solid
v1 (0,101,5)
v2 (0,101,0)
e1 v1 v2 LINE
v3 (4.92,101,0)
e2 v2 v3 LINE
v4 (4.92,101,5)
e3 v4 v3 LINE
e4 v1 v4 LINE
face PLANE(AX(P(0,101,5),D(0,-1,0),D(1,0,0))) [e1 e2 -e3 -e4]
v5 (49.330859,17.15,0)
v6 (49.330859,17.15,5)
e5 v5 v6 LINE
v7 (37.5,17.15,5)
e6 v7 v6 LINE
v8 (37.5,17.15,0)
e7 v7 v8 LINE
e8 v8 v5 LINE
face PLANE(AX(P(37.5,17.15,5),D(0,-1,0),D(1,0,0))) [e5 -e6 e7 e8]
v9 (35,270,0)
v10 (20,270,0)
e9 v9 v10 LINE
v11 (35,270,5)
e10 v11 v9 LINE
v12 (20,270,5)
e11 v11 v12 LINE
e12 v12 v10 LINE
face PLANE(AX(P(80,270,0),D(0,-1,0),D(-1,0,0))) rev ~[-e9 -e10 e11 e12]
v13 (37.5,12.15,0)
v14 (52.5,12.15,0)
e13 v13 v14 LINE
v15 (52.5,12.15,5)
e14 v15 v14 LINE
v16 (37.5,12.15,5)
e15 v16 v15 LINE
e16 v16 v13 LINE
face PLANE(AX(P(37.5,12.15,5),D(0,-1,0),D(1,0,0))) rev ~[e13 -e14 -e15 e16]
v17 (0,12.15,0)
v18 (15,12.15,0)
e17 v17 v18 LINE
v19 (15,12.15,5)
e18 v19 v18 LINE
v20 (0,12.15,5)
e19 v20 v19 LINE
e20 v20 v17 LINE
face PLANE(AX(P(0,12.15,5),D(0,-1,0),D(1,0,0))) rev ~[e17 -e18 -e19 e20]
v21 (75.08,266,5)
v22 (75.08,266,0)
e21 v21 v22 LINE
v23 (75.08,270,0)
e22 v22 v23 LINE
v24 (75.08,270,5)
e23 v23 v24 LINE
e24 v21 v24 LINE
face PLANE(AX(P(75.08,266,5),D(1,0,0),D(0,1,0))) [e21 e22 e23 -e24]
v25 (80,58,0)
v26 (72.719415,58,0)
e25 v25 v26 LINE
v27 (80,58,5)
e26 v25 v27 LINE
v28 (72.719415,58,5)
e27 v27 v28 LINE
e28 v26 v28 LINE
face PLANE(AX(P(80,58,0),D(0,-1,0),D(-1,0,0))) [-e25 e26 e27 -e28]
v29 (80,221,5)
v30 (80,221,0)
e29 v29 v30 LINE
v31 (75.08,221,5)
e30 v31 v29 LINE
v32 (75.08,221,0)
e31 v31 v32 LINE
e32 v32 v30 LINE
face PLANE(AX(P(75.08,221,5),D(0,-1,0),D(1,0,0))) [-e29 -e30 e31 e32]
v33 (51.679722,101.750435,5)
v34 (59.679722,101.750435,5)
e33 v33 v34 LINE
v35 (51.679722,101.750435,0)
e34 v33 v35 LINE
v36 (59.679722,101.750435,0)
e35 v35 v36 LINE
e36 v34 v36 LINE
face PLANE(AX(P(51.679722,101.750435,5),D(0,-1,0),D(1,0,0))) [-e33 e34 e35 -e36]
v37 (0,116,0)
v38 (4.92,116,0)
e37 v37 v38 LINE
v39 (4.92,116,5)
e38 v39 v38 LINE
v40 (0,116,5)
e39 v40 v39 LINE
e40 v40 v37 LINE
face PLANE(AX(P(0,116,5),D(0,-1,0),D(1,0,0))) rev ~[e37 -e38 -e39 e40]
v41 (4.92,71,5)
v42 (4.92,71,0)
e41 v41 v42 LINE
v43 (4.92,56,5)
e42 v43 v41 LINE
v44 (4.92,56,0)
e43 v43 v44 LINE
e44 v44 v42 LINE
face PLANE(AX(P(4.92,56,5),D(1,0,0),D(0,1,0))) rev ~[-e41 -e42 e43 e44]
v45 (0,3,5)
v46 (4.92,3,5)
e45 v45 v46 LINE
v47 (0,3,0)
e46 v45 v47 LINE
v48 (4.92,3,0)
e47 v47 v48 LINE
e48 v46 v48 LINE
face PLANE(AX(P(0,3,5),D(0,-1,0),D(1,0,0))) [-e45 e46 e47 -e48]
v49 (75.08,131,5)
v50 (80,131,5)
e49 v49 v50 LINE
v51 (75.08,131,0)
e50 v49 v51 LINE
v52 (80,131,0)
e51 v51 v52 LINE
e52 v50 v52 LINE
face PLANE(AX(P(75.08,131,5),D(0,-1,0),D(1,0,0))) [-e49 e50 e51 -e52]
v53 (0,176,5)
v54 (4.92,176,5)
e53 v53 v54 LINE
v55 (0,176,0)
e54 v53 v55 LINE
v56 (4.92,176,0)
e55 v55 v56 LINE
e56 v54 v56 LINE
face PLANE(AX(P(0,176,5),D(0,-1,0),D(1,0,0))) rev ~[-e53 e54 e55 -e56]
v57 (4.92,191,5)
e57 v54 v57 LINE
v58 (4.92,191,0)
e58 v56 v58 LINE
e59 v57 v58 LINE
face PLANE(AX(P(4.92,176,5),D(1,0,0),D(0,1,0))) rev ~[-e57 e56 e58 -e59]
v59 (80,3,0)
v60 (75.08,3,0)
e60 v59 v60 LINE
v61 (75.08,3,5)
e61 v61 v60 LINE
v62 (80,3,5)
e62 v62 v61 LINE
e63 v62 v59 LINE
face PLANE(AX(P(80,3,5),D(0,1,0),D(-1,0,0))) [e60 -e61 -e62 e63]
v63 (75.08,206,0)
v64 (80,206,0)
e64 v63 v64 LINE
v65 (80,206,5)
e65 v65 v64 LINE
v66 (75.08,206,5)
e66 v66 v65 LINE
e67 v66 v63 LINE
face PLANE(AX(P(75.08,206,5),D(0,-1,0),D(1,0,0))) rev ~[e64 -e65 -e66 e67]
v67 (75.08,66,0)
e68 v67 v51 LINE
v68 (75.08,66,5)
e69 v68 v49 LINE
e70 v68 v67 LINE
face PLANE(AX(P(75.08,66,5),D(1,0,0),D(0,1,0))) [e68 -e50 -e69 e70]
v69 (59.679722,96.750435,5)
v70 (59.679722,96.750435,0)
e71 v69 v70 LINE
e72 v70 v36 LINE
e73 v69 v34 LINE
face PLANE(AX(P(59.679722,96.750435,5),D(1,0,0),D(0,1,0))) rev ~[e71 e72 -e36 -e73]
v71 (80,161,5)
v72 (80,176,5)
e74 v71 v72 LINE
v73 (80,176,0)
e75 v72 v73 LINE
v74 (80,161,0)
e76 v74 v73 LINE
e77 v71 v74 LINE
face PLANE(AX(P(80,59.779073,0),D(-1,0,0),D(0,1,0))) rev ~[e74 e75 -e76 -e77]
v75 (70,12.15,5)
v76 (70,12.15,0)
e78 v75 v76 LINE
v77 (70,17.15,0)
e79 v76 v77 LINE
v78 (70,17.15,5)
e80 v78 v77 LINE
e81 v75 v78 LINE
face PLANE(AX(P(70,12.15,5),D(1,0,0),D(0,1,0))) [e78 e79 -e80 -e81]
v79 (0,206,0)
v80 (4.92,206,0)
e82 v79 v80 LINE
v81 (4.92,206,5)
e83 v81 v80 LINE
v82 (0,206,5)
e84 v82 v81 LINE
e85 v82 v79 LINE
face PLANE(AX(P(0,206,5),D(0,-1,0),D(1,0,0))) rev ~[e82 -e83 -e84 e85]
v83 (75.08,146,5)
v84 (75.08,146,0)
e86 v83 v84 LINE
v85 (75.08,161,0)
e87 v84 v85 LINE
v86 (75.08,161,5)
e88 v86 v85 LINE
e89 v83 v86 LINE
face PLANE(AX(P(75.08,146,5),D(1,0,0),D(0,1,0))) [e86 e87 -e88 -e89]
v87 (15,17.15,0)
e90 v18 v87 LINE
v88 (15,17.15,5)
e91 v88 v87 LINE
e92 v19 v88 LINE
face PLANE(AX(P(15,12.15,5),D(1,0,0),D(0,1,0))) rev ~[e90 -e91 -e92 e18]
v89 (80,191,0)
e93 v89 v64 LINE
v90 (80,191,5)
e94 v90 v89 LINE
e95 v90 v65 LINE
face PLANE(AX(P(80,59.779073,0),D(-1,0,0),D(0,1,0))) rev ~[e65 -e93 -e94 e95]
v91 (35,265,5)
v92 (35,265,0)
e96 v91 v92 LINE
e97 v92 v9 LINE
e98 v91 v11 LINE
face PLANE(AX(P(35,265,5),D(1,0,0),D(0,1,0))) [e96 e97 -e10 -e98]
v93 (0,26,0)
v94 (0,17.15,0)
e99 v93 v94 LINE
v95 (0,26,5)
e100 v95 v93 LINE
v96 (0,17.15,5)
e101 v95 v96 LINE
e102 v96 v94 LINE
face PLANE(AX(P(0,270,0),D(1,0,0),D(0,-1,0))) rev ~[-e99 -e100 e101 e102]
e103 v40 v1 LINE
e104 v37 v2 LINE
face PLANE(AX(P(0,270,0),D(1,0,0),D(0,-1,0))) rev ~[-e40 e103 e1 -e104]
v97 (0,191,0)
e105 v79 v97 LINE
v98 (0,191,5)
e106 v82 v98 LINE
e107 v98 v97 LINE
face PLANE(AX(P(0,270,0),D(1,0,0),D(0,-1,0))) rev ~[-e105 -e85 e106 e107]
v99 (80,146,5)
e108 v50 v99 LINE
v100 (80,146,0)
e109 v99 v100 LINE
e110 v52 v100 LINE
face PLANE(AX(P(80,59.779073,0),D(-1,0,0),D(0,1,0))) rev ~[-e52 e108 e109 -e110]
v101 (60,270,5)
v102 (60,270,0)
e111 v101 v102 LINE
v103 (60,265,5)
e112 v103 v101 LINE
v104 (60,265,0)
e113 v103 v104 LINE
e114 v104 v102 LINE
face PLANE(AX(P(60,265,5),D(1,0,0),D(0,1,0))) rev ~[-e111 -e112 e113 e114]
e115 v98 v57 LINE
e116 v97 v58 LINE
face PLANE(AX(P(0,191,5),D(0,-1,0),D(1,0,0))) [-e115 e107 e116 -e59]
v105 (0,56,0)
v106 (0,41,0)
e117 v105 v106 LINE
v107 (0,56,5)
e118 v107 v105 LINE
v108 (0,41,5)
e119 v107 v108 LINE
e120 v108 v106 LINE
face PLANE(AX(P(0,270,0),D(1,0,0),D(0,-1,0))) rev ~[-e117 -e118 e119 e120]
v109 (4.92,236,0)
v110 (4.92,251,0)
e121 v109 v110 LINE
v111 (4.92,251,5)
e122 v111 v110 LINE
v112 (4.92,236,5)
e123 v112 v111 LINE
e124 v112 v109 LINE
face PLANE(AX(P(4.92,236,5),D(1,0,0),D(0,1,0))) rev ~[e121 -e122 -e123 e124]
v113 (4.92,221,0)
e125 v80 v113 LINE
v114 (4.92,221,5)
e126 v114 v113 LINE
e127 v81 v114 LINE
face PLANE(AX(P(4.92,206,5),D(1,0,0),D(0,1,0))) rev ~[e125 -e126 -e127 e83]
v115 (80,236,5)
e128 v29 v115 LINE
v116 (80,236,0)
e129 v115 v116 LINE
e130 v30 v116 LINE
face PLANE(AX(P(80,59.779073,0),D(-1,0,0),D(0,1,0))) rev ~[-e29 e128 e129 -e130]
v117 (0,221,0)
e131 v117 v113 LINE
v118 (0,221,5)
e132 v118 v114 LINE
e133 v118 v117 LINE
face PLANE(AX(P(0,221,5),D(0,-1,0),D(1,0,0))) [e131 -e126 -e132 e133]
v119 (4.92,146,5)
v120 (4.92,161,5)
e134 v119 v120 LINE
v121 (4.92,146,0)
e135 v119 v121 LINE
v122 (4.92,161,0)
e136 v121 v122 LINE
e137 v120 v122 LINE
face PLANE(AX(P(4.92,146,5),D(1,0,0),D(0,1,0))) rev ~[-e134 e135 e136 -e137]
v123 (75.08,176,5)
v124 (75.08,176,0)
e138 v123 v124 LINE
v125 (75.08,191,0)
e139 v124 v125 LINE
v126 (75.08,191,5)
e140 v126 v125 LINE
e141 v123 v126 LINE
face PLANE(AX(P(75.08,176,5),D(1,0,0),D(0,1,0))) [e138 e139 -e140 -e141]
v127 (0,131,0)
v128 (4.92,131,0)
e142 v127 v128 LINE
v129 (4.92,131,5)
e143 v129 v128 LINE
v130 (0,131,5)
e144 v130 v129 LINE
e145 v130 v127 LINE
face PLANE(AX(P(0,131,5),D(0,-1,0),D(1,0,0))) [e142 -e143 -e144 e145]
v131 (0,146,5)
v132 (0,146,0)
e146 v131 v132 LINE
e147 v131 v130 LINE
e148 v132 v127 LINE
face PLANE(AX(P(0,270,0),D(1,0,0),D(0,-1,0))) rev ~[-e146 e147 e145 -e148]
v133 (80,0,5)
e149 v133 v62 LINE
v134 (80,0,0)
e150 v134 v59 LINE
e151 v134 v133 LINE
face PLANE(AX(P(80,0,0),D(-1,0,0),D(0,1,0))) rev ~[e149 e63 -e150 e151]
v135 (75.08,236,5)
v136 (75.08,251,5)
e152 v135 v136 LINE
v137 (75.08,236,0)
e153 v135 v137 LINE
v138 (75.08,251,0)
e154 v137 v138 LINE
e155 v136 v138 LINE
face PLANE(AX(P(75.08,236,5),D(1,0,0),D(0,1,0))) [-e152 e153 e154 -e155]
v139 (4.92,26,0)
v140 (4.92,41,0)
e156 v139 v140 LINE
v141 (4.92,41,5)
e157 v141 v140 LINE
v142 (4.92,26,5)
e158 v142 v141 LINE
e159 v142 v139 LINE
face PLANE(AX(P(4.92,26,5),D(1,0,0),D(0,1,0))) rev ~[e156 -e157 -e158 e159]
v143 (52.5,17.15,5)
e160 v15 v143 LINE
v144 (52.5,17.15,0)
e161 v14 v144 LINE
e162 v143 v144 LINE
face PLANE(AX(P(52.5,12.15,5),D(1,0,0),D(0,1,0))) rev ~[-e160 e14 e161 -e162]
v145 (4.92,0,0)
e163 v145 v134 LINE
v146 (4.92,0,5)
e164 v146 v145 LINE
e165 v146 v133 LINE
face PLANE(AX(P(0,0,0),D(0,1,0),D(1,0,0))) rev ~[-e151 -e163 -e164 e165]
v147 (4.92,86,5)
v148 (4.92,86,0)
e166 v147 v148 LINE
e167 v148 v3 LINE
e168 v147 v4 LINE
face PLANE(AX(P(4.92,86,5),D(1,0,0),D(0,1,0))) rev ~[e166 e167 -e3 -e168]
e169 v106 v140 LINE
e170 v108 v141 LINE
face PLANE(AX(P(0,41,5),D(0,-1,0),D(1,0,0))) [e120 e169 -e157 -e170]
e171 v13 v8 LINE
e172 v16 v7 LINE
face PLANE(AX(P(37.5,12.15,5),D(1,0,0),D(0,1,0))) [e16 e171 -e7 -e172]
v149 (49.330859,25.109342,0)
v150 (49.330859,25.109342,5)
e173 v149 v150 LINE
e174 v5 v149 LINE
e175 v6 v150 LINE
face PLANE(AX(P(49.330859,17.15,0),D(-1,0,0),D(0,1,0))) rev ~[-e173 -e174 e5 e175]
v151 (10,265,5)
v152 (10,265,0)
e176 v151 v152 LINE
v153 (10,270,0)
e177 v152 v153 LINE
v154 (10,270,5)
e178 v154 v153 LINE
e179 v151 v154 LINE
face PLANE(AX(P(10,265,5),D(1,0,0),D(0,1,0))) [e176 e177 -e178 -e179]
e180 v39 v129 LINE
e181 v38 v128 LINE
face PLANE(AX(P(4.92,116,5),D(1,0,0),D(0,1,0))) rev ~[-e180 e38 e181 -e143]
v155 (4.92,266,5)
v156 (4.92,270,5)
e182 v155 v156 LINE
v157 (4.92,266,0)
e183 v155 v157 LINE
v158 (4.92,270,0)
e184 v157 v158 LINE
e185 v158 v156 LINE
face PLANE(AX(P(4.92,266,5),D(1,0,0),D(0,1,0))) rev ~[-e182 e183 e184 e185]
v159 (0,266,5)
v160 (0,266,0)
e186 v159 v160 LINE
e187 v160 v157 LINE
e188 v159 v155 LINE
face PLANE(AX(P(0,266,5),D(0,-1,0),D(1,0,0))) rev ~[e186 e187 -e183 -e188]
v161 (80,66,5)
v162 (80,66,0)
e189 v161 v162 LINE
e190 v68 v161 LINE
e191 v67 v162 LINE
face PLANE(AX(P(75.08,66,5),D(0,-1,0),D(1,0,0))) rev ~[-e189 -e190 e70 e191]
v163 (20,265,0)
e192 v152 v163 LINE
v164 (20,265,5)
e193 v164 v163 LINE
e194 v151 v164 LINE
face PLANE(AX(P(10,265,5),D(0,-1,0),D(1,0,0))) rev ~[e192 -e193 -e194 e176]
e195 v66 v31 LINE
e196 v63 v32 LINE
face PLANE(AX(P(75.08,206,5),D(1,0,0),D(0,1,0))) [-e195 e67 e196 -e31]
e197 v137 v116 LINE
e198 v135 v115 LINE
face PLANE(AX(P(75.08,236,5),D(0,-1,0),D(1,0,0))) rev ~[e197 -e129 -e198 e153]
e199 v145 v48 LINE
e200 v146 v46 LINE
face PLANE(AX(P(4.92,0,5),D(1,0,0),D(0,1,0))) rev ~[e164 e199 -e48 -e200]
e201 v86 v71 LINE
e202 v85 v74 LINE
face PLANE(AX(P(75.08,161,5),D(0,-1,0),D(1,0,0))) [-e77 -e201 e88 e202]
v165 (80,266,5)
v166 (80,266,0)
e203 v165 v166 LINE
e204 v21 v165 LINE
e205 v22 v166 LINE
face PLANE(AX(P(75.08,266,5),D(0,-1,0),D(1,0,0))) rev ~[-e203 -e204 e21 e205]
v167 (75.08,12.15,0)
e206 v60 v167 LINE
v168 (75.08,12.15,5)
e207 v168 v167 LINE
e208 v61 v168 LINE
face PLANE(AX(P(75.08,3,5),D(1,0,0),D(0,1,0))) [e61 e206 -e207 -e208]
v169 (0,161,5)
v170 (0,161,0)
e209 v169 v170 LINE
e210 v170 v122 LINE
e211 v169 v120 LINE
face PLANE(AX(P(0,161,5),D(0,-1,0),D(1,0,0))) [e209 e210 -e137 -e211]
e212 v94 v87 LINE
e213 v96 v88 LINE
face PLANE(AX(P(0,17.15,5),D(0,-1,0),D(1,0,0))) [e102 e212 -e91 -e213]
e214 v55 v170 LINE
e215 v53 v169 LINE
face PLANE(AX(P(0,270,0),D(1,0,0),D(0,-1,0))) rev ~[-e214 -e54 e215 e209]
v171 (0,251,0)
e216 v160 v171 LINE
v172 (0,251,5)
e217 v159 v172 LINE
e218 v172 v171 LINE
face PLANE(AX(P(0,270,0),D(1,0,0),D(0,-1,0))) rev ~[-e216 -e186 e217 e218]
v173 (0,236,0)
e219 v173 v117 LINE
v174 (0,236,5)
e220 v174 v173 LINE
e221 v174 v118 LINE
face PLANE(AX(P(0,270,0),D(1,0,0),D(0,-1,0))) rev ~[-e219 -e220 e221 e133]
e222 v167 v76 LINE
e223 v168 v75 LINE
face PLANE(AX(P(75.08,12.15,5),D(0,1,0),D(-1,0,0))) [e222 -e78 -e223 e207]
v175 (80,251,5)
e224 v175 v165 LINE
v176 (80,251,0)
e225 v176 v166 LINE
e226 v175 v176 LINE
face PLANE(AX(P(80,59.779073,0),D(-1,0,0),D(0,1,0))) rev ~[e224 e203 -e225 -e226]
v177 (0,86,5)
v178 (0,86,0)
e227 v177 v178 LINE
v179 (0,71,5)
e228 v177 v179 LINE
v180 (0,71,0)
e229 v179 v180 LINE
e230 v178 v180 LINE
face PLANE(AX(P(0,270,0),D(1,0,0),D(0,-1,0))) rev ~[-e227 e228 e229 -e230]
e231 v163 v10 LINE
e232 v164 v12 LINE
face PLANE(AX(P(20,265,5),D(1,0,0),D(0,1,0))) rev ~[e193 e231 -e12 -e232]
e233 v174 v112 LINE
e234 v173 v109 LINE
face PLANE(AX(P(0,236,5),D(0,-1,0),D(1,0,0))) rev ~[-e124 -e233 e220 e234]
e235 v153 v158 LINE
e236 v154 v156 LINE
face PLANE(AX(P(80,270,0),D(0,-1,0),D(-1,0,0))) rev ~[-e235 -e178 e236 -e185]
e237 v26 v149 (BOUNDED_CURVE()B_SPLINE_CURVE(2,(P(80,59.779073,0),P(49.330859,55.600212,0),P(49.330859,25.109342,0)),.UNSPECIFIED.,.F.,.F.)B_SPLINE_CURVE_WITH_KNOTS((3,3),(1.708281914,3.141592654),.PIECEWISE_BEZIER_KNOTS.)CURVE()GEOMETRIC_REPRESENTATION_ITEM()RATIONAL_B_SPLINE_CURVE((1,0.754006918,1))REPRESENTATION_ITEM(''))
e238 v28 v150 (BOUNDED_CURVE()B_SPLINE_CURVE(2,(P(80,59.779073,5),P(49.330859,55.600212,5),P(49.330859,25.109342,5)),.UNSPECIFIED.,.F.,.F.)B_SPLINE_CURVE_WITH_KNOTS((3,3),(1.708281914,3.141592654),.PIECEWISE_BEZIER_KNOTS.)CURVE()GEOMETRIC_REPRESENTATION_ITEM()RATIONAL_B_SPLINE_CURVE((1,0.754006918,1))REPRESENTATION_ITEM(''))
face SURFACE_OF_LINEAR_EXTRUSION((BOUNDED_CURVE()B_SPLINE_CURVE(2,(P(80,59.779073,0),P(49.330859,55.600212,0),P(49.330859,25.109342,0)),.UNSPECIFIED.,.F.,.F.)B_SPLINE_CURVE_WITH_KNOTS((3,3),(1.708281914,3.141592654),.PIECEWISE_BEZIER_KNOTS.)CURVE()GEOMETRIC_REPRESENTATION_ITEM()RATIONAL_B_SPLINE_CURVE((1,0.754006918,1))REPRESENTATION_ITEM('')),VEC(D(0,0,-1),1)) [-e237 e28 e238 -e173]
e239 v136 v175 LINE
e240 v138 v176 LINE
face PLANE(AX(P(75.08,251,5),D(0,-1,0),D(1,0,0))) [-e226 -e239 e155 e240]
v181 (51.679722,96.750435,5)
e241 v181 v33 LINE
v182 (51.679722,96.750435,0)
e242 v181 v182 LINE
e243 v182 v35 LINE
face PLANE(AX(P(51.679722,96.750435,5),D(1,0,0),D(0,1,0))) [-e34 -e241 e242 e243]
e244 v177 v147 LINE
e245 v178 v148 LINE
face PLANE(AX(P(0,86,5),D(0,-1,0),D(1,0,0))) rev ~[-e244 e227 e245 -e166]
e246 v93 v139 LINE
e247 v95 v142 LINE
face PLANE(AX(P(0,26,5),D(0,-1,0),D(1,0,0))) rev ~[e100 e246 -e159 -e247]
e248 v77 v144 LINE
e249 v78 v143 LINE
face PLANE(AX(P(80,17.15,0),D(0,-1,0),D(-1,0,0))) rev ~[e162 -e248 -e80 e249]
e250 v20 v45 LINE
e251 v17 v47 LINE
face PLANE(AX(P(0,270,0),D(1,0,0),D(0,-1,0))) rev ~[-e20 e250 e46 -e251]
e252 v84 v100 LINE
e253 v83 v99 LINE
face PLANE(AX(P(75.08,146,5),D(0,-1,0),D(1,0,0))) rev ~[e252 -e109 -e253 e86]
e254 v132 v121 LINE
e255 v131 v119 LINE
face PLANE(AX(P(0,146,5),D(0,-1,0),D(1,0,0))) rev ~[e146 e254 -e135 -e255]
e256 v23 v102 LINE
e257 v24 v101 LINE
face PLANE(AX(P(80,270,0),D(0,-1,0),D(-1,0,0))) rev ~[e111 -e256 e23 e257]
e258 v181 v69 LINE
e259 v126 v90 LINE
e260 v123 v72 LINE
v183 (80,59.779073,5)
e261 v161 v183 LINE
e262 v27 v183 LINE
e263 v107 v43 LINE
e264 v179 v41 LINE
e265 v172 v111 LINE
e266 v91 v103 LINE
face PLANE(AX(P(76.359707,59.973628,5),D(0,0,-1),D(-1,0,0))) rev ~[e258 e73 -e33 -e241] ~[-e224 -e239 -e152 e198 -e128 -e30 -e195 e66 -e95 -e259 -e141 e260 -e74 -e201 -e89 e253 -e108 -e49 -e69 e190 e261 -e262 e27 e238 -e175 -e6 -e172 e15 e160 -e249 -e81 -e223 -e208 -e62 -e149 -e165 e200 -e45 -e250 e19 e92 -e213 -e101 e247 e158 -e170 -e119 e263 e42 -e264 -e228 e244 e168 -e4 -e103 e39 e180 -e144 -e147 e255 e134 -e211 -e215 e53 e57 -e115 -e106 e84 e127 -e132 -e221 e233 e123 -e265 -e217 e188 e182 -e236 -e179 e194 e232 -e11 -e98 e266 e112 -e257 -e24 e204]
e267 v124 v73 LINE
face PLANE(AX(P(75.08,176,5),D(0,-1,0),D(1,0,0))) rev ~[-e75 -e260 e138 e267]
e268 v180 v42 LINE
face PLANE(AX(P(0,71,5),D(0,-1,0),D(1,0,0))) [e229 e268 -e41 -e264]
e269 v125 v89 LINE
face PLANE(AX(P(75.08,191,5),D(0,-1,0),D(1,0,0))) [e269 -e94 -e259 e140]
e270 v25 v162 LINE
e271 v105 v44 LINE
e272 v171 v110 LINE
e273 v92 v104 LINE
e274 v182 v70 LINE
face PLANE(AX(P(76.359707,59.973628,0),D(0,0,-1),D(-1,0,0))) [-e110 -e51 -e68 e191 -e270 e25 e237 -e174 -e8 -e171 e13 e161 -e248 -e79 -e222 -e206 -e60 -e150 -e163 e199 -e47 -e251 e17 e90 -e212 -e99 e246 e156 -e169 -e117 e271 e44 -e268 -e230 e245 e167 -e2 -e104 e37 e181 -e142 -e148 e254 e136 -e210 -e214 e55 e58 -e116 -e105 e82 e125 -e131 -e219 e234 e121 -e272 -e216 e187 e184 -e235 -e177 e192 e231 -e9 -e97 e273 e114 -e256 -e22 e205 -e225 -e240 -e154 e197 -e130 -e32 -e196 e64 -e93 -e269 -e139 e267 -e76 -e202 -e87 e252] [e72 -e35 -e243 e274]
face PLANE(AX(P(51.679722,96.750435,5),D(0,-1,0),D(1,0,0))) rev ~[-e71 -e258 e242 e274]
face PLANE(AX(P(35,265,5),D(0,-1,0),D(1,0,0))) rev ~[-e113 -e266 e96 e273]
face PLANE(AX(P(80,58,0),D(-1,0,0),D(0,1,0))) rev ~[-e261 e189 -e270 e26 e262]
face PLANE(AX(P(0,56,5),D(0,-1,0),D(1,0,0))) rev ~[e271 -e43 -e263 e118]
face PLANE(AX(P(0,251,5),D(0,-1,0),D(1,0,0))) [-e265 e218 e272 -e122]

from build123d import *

# Parameters (mm, degrees)
BOSS_EXTRU_1_DEPTH      = 5
ESQUISSE2_W             = 8
ESQUISSE2_H             = 5
ESQUISSE2_W_2           = 15
ESQUISSE2_W_3           = 4.92
ESQUISSE2_H_2           = 65
ESQUISSE2_H_3           = 3
ESQUISSE2_H_4           = 15
ESQUISSE2_W_4           = 10
ESQUISSE2_W_5           = 25
ENL_V_MAT_EXTRU_1_DEPTH = 5
ESQUISSE3_W             = 7.280585373
ESQUISSE3_H             = 3.947256303
BOSS_EXTRU_2_DEPTH      = 5


with BuildPart() as part:
    # Esquisse1 → Boss.-Extru.1 (new body)
    with BuildSketch(Plane.XY):
        with BuildLine():
            Line((0, 0), (80, 0))
            Line((80, 0), (80, 17.15))
            Line((80, 17.15), (49.330858803, 17.15))
            Line((49.330858803, 17.15), (49.330858803, 25.109342079))
            add(Edge.make_bspline(
                [(80, 59.779072791), (49.330858803, 55.600211761), (49.330858803, 25.109342079)],
                knots=[1.708281914, 1.708281914, 1.708281914, 3.141592654, 3.141592654, 3.141592654], degree=2, weights=[1, 0.754006918, 1]))
            Line((80, 59.779072791), (80, 270))
            Line((80, 270), (0, 270))
            Line((0, 270), (0, 0))
        make_face()
    extrude(amount=BOSS_EXTRU_1_DEPTH)

    # Esquisse2 → Enlèv. mat.-Extru.1 (cut)
    with BuildSketch(Plane.XY.offset(5)):
        with Locations((55.679721659, 99.250434868)):
            Rectangle(ESQUISSE2_W, ESQUISSE2_H)
        Polygon((75.08, 12.15), (70, 12.15), (70, 17.15), (80, 17.15), (80, 3), (75.08, 3), align=None)
        with Locations((45, 14.65)):
            Rectangle(ESQUISSE2_W_2, ESQUISSE2_H)
        with Locations((7.5, 14.65)):
            Rectangle(ESQUISSE2_W_2, ESQUISSE2_H)
        with Locations((77.54, 98.5)):
            Rectangle(ESQUISSE2_W_3, ESQUISSE2_H_2)
        with Locations((2.46, 1.5)):
            Rectangle(ESQUISSE2_W_3, ESQUISSE2_H_3)
        with Locations((77.54, 183.5)):
            Rectangle(ESQUISSE2_W_3, ESQUISSE2_H_4)
        with Locations((77.54, 153.5)):
            Rectangle(ESQUISSE2_W_3, ESQUISSE2_H_4)
        with Locations((77.54, 213.5)):
            Rectangle(ESQUISSE2_W_3, ESQUISSE2_H_4)
        with Locations((77.54, 243.5)):
            Rectangle(ESQUISSE2_W_3, ESQUISSE2_H_4)
        with Locations((77.54, 273.5)):
            Rectangle(ESQUISSE2_W_3, ESQUISSE2_H_4)
        with Locations((2.46, 273.5)):
            Rectangle(ESQUISSE2_W_3, ESQUISSE2_H_4)
        with Locations((2.46, 243.5)):
            Rectangle(ESQUISSE2_W_3, ESQUISSE2_H_4)
        with Locations((2.46, 213.5)):
            Rectangle(ESQUISSE2_W_3, ESQUISSE2_H_4)
        with Locations((2.46, 183.5)):
            Rectangle(ESQUISSE2_W_3, ESQUISSE2_H_4)
        with Locations((2.46, 153.5)):
            Rectangle(ESQUISSE2_W_3, ESQUISSE2_H_4)
        with Locations((2.46, 123.5)):
            Rectangle(ESQUISSE2_W_3, ESQUISSE2_H_4)
        with Locations((2.46, 93.5)):
            Rectangle(ESQUISSE2_W_3, ESQUISSE2_H_4)
        with Locations((2.46, 63.5)):
            Rectangle(ESQUISSE2_W_3, ESQUISSE2_H_4)
        with Locations((2.46, 33.5)):
            Rectangle(ESQUISSE2_W_3, ESQUISSE2_H_4)
        with Locations((15, 267.5)):
            Rectangle(ESQUISSE2_W_4, ESQUISSE2_H)
        with Locations((47.5, 267.5)):
            Rectangle(ESQUISSE2_W_5, ESQUISSE2_H)
    extrude(amount=-ENL_V_MAT_EXTRU_1_DEPTH, mode=Mode.SUBTRACT)

    # Esquisse3 → Boss.-Extru.2 (add)
    with BuildSketch(Plane(origin=(0, 0, 0), x_dir=(-1, 0, 0), z_dir=(0, 0, -1))):
        with Locations((-76.359707313, 59.973628152)):
            Rectangle(ESQUISSE3_W, ESQUISSE3_H)
    extrude(amount=-BOSS_EXTRU_2_DEPTH)


solid = part.part
